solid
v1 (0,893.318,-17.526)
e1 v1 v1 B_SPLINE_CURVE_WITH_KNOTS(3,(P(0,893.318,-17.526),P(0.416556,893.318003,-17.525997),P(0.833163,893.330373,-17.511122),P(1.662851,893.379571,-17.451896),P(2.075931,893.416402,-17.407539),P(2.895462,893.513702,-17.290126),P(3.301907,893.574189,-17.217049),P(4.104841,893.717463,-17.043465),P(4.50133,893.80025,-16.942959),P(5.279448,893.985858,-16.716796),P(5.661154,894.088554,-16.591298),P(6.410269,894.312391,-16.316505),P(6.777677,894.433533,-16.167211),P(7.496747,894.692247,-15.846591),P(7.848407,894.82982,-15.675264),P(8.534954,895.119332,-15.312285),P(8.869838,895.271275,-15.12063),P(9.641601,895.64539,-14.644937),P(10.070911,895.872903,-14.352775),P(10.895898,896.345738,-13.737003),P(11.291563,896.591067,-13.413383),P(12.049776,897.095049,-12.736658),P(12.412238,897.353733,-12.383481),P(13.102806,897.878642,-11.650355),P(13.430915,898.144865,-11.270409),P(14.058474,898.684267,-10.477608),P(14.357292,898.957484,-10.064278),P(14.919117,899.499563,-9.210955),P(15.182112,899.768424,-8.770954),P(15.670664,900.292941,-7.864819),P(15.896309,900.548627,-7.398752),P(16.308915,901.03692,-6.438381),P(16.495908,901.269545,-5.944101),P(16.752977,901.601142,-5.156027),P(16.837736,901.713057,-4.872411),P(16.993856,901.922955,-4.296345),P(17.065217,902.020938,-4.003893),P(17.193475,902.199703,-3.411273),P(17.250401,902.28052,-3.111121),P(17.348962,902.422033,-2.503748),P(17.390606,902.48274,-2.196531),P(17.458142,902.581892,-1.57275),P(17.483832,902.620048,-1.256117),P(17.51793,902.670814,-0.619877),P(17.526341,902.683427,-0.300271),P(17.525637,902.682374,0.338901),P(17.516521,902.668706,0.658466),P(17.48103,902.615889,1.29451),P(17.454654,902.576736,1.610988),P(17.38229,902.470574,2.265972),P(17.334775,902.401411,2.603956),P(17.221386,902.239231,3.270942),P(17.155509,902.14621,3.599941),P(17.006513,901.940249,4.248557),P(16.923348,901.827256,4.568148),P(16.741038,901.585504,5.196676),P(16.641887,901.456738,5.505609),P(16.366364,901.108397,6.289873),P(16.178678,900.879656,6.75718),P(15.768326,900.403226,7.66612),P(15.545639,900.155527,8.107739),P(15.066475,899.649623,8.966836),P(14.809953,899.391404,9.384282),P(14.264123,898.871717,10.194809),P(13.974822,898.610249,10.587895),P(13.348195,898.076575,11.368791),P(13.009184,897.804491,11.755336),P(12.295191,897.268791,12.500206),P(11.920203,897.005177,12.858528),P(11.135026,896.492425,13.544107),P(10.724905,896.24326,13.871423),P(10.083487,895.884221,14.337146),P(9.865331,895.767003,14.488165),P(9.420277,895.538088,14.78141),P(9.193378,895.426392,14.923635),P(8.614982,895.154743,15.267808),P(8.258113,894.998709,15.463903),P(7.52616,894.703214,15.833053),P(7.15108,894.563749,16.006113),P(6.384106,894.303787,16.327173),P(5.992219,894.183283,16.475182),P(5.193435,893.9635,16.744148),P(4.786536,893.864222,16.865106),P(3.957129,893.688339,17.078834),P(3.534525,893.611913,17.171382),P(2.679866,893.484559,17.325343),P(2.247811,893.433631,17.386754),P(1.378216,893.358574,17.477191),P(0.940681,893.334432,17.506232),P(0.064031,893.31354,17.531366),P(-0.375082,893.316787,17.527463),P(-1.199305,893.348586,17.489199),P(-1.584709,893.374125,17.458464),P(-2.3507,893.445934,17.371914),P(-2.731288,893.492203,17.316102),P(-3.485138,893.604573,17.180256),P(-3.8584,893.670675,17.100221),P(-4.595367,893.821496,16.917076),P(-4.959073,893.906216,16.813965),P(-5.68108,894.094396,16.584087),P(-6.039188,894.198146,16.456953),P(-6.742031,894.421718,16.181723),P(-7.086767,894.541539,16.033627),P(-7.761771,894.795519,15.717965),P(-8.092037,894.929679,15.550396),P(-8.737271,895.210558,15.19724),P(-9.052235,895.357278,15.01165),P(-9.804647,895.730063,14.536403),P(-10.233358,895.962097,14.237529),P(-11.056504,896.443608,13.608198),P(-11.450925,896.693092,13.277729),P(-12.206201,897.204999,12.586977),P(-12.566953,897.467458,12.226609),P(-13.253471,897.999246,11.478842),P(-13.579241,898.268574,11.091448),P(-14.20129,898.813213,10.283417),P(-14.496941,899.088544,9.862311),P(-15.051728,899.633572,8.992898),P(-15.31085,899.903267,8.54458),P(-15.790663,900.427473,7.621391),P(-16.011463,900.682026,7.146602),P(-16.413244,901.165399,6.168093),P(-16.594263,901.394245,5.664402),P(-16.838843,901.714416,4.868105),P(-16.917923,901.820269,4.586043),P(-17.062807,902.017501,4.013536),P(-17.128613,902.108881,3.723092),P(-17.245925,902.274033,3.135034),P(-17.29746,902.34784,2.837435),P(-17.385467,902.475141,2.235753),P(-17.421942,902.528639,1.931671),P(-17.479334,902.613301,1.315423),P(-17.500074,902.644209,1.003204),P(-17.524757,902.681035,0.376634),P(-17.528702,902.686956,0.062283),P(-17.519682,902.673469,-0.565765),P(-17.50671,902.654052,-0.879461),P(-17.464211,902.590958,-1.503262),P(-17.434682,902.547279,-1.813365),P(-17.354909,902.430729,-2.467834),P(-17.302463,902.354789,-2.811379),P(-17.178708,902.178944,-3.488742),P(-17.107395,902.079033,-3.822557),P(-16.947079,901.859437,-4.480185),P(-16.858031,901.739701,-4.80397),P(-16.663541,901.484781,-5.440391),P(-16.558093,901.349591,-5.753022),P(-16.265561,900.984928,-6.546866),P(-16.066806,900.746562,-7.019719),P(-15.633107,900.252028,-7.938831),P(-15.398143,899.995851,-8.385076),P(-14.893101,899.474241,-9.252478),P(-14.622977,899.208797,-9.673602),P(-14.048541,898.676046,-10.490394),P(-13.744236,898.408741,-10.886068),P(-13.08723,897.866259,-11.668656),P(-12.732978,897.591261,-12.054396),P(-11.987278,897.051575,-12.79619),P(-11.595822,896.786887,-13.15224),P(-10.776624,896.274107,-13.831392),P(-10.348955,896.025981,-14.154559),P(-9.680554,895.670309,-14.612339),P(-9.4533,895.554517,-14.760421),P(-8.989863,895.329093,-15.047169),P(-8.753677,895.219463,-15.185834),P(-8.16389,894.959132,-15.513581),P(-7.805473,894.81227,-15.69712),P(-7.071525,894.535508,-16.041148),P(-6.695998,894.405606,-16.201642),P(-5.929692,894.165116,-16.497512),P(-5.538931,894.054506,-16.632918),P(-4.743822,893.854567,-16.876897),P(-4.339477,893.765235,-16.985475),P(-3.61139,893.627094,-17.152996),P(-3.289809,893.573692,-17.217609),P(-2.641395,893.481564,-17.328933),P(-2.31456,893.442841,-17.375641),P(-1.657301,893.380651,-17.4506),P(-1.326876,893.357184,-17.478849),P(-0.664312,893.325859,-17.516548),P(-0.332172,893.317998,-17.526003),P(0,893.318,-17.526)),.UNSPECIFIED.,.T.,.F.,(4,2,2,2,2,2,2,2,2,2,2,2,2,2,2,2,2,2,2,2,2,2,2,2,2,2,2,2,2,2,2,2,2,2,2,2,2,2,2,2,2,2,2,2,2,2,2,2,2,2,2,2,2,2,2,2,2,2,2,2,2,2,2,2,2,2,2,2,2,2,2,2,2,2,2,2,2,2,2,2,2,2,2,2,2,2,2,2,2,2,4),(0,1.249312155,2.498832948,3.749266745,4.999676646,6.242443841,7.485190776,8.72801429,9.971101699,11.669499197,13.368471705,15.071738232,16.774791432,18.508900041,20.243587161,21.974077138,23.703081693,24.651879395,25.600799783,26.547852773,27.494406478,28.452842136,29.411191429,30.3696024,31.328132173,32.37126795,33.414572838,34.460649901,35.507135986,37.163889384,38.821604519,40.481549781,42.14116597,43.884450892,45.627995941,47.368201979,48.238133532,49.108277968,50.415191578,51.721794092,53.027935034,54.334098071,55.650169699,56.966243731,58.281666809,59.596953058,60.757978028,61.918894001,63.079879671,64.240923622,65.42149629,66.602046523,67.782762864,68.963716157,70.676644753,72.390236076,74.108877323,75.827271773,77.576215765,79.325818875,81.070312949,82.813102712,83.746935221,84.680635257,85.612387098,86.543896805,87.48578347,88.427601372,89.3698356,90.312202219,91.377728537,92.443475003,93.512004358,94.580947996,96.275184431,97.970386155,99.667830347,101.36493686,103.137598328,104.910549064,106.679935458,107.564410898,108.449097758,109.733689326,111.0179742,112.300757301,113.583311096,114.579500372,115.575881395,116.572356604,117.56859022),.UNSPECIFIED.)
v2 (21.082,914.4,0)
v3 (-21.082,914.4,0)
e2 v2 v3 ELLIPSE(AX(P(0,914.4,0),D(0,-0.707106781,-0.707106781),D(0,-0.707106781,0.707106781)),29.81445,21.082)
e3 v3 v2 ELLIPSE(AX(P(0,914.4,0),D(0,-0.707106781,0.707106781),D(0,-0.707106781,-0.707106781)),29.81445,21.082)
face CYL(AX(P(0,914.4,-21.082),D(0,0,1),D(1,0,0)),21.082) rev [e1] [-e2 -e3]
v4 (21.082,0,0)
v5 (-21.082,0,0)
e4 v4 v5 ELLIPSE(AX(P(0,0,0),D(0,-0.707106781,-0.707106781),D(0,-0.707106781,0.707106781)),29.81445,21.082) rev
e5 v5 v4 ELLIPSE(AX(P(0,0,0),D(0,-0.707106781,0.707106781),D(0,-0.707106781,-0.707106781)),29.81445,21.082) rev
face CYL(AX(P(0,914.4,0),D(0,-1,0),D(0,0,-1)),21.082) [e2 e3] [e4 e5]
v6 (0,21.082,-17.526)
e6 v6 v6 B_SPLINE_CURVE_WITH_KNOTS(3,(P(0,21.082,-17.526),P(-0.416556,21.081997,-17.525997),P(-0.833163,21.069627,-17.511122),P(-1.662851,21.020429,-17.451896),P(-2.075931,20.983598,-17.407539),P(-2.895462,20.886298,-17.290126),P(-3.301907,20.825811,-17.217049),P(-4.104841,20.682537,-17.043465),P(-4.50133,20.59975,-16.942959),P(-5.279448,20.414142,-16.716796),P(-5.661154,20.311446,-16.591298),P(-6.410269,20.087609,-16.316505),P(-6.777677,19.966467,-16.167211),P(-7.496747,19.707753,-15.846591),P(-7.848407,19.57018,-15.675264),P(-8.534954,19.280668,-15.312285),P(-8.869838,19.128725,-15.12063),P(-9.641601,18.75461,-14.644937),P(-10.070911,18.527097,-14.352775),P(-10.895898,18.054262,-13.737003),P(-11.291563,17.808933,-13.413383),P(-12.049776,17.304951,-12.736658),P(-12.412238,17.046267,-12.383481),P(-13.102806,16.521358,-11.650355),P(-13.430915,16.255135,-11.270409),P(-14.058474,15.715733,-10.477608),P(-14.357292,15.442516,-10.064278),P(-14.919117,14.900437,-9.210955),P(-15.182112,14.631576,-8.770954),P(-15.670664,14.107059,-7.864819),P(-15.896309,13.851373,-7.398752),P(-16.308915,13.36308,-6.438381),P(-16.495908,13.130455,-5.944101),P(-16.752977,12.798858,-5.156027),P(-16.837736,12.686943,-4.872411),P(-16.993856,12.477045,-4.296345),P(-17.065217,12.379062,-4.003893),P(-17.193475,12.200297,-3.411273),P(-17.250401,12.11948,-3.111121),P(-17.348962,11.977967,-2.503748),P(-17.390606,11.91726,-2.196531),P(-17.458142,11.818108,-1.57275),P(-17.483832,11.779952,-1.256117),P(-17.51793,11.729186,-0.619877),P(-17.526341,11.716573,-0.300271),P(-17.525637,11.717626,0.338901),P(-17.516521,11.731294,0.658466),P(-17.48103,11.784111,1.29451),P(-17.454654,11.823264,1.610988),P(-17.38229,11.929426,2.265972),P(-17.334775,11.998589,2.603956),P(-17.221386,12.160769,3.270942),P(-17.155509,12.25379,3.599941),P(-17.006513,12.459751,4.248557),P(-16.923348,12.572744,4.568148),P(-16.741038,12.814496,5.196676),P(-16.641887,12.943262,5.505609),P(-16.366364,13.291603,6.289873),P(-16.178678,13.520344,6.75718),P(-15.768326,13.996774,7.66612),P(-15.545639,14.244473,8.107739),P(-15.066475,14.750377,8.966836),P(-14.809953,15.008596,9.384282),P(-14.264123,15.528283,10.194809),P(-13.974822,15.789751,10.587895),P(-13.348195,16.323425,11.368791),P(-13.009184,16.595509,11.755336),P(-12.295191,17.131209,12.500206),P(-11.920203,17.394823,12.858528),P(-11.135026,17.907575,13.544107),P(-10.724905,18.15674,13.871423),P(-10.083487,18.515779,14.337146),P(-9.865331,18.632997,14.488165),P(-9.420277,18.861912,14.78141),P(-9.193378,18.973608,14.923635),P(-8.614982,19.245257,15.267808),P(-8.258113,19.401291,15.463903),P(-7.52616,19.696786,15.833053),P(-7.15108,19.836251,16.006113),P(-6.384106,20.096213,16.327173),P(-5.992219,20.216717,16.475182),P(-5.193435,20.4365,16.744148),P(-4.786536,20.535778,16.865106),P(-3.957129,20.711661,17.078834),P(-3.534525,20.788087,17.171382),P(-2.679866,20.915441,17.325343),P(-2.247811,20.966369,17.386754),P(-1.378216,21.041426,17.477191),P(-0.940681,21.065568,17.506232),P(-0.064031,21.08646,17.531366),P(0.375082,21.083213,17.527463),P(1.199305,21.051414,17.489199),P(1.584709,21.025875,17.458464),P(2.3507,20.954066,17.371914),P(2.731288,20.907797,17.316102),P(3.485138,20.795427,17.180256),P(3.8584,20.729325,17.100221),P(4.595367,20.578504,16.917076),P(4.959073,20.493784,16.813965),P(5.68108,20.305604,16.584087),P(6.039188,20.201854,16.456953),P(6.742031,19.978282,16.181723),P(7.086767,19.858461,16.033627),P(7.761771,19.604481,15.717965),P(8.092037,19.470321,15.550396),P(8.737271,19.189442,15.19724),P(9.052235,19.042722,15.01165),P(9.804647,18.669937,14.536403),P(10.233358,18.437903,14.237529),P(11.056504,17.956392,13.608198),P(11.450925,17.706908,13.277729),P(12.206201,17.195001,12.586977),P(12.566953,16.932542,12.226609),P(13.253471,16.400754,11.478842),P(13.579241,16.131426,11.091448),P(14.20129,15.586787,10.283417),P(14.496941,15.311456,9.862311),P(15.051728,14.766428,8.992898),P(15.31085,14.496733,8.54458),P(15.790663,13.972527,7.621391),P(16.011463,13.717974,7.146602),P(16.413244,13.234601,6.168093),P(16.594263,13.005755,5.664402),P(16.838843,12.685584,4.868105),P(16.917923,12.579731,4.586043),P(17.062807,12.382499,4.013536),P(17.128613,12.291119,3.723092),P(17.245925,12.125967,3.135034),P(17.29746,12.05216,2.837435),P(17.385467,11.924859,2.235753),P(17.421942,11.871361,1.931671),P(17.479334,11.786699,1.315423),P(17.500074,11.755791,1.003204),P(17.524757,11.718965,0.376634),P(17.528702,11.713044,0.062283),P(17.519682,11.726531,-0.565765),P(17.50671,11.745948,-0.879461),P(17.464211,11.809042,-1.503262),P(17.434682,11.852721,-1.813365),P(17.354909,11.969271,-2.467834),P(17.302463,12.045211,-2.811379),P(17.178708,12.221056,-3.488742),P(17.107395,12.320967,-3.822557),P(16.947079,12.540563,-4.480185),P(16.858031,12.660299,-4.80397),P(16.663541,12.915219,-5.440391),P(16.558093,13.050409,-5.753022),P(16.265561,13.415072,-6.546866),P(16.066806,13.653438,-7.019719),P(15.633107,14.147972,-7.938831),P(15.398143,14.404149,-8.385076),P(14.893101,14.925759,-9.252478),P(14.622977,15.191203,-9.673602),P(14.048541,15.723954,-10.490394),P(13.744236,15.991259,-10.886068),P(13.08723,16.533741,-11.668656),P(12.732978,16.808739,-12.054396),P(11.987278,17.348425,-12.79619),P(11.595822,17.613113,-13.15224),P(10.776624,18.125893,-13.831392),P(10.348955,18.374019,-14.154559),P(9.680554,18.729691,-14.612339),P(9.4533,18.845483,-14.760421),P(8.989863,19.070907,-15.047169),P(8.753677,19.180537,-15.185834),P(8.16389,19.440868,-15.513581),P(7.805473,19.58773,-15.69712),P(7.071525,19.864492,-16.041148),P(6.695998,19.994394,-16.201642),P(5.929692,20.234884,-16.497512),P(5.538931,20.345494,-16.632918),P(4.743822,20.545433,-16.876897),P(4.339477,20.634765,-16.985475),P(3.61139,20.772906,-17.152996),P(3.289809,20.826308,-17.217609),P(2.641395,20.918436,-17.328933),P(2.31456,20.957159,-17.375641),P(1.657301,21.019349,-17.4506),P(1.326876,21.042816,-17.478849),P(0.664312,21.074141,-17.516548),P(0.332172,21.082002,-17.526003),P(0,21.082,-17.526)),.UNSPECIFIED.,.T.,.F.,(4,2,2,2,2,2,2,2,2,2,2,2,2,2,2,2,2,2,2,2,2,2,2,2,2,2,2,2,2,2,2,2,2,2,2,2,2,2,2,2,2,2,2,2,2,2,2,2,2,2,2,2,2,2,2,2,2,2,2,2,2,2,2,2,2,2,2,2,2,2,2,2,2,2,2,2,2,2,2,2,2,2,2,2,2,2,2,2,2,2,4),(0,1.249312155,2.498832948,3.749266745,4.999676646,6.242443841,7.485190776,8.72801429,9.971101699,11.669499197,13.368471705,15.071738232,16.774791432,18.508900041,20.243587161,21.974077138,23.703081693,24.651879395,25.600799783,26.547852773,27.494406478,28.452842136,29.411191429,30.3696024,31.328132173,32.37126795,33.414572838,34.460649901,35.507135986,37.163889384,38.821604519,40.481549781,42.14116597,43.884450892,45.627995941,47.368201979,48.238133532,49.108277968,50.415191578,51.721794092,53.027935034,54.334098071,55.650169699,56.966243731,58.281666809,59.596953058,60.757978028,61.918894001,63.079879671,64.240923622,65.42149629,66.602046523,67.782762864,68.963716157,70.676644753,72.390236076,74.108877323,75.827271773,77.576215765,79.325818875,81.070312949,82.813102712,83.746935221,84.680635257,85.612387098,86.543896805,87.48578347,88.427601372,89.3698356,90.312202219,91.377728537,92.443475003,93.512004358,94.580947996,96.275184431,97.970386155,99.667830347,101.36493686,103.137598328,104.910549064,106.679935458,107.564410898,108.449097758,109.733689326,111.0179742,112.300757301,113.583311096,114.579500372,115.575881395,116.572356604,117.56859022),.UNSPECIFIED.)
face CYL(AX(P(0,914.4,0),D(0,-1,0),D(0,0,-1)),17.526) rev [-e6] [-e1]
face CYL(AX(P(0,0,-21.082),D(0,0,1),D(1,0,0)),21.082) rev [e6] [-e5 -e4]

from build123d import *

# Parameters (mm, degrees)
SKETCH1_R               = 21.082
SKETCH1_R_2             = 17.526
BOSS_EXTRUDE1_DEPTH     = 914.4
SKETCH2_R               = 21.082
CUT_EXTRUDE1_DEPTH      = 22.082
CUT_EXTRUDE1_DEPTH_BACK = 22.082


with BuildPart() as part:
    # Sketch1 → Boss-Extrude1 (new body)
    with BuildSketch(Plane(origin=(0, 0, 0), x_dir=(1, 0, 0), z_dir=(0, 1, 0))):
        Circle(SKETCH1_R)
        Circle(SKETCH1_R_2, mode=Mode.SUBTRACT)
    extrude(amount=BOSS_EXTRUDE1_DEPTH)

    # Sketch2 → Cut-Extrude1 (cut, two sides)
    with BuildSketch(Plane.XY) as cut_extrude1_sk:
        Circle(SKETCH2_R)
        with Locations((0, 914.4)):
            Circle(SKETCH2_R)
    extrude(amount=CUT_EXTRUDE1_DEPTH, mode=Mode.SUBTRACT)
    extrude(cut_extrude1_sk.sketch, amount=-CUT_EXTRUDE1_DEPTH_BACK, mode=Mode.SUBTRACT)


solid = part.part
